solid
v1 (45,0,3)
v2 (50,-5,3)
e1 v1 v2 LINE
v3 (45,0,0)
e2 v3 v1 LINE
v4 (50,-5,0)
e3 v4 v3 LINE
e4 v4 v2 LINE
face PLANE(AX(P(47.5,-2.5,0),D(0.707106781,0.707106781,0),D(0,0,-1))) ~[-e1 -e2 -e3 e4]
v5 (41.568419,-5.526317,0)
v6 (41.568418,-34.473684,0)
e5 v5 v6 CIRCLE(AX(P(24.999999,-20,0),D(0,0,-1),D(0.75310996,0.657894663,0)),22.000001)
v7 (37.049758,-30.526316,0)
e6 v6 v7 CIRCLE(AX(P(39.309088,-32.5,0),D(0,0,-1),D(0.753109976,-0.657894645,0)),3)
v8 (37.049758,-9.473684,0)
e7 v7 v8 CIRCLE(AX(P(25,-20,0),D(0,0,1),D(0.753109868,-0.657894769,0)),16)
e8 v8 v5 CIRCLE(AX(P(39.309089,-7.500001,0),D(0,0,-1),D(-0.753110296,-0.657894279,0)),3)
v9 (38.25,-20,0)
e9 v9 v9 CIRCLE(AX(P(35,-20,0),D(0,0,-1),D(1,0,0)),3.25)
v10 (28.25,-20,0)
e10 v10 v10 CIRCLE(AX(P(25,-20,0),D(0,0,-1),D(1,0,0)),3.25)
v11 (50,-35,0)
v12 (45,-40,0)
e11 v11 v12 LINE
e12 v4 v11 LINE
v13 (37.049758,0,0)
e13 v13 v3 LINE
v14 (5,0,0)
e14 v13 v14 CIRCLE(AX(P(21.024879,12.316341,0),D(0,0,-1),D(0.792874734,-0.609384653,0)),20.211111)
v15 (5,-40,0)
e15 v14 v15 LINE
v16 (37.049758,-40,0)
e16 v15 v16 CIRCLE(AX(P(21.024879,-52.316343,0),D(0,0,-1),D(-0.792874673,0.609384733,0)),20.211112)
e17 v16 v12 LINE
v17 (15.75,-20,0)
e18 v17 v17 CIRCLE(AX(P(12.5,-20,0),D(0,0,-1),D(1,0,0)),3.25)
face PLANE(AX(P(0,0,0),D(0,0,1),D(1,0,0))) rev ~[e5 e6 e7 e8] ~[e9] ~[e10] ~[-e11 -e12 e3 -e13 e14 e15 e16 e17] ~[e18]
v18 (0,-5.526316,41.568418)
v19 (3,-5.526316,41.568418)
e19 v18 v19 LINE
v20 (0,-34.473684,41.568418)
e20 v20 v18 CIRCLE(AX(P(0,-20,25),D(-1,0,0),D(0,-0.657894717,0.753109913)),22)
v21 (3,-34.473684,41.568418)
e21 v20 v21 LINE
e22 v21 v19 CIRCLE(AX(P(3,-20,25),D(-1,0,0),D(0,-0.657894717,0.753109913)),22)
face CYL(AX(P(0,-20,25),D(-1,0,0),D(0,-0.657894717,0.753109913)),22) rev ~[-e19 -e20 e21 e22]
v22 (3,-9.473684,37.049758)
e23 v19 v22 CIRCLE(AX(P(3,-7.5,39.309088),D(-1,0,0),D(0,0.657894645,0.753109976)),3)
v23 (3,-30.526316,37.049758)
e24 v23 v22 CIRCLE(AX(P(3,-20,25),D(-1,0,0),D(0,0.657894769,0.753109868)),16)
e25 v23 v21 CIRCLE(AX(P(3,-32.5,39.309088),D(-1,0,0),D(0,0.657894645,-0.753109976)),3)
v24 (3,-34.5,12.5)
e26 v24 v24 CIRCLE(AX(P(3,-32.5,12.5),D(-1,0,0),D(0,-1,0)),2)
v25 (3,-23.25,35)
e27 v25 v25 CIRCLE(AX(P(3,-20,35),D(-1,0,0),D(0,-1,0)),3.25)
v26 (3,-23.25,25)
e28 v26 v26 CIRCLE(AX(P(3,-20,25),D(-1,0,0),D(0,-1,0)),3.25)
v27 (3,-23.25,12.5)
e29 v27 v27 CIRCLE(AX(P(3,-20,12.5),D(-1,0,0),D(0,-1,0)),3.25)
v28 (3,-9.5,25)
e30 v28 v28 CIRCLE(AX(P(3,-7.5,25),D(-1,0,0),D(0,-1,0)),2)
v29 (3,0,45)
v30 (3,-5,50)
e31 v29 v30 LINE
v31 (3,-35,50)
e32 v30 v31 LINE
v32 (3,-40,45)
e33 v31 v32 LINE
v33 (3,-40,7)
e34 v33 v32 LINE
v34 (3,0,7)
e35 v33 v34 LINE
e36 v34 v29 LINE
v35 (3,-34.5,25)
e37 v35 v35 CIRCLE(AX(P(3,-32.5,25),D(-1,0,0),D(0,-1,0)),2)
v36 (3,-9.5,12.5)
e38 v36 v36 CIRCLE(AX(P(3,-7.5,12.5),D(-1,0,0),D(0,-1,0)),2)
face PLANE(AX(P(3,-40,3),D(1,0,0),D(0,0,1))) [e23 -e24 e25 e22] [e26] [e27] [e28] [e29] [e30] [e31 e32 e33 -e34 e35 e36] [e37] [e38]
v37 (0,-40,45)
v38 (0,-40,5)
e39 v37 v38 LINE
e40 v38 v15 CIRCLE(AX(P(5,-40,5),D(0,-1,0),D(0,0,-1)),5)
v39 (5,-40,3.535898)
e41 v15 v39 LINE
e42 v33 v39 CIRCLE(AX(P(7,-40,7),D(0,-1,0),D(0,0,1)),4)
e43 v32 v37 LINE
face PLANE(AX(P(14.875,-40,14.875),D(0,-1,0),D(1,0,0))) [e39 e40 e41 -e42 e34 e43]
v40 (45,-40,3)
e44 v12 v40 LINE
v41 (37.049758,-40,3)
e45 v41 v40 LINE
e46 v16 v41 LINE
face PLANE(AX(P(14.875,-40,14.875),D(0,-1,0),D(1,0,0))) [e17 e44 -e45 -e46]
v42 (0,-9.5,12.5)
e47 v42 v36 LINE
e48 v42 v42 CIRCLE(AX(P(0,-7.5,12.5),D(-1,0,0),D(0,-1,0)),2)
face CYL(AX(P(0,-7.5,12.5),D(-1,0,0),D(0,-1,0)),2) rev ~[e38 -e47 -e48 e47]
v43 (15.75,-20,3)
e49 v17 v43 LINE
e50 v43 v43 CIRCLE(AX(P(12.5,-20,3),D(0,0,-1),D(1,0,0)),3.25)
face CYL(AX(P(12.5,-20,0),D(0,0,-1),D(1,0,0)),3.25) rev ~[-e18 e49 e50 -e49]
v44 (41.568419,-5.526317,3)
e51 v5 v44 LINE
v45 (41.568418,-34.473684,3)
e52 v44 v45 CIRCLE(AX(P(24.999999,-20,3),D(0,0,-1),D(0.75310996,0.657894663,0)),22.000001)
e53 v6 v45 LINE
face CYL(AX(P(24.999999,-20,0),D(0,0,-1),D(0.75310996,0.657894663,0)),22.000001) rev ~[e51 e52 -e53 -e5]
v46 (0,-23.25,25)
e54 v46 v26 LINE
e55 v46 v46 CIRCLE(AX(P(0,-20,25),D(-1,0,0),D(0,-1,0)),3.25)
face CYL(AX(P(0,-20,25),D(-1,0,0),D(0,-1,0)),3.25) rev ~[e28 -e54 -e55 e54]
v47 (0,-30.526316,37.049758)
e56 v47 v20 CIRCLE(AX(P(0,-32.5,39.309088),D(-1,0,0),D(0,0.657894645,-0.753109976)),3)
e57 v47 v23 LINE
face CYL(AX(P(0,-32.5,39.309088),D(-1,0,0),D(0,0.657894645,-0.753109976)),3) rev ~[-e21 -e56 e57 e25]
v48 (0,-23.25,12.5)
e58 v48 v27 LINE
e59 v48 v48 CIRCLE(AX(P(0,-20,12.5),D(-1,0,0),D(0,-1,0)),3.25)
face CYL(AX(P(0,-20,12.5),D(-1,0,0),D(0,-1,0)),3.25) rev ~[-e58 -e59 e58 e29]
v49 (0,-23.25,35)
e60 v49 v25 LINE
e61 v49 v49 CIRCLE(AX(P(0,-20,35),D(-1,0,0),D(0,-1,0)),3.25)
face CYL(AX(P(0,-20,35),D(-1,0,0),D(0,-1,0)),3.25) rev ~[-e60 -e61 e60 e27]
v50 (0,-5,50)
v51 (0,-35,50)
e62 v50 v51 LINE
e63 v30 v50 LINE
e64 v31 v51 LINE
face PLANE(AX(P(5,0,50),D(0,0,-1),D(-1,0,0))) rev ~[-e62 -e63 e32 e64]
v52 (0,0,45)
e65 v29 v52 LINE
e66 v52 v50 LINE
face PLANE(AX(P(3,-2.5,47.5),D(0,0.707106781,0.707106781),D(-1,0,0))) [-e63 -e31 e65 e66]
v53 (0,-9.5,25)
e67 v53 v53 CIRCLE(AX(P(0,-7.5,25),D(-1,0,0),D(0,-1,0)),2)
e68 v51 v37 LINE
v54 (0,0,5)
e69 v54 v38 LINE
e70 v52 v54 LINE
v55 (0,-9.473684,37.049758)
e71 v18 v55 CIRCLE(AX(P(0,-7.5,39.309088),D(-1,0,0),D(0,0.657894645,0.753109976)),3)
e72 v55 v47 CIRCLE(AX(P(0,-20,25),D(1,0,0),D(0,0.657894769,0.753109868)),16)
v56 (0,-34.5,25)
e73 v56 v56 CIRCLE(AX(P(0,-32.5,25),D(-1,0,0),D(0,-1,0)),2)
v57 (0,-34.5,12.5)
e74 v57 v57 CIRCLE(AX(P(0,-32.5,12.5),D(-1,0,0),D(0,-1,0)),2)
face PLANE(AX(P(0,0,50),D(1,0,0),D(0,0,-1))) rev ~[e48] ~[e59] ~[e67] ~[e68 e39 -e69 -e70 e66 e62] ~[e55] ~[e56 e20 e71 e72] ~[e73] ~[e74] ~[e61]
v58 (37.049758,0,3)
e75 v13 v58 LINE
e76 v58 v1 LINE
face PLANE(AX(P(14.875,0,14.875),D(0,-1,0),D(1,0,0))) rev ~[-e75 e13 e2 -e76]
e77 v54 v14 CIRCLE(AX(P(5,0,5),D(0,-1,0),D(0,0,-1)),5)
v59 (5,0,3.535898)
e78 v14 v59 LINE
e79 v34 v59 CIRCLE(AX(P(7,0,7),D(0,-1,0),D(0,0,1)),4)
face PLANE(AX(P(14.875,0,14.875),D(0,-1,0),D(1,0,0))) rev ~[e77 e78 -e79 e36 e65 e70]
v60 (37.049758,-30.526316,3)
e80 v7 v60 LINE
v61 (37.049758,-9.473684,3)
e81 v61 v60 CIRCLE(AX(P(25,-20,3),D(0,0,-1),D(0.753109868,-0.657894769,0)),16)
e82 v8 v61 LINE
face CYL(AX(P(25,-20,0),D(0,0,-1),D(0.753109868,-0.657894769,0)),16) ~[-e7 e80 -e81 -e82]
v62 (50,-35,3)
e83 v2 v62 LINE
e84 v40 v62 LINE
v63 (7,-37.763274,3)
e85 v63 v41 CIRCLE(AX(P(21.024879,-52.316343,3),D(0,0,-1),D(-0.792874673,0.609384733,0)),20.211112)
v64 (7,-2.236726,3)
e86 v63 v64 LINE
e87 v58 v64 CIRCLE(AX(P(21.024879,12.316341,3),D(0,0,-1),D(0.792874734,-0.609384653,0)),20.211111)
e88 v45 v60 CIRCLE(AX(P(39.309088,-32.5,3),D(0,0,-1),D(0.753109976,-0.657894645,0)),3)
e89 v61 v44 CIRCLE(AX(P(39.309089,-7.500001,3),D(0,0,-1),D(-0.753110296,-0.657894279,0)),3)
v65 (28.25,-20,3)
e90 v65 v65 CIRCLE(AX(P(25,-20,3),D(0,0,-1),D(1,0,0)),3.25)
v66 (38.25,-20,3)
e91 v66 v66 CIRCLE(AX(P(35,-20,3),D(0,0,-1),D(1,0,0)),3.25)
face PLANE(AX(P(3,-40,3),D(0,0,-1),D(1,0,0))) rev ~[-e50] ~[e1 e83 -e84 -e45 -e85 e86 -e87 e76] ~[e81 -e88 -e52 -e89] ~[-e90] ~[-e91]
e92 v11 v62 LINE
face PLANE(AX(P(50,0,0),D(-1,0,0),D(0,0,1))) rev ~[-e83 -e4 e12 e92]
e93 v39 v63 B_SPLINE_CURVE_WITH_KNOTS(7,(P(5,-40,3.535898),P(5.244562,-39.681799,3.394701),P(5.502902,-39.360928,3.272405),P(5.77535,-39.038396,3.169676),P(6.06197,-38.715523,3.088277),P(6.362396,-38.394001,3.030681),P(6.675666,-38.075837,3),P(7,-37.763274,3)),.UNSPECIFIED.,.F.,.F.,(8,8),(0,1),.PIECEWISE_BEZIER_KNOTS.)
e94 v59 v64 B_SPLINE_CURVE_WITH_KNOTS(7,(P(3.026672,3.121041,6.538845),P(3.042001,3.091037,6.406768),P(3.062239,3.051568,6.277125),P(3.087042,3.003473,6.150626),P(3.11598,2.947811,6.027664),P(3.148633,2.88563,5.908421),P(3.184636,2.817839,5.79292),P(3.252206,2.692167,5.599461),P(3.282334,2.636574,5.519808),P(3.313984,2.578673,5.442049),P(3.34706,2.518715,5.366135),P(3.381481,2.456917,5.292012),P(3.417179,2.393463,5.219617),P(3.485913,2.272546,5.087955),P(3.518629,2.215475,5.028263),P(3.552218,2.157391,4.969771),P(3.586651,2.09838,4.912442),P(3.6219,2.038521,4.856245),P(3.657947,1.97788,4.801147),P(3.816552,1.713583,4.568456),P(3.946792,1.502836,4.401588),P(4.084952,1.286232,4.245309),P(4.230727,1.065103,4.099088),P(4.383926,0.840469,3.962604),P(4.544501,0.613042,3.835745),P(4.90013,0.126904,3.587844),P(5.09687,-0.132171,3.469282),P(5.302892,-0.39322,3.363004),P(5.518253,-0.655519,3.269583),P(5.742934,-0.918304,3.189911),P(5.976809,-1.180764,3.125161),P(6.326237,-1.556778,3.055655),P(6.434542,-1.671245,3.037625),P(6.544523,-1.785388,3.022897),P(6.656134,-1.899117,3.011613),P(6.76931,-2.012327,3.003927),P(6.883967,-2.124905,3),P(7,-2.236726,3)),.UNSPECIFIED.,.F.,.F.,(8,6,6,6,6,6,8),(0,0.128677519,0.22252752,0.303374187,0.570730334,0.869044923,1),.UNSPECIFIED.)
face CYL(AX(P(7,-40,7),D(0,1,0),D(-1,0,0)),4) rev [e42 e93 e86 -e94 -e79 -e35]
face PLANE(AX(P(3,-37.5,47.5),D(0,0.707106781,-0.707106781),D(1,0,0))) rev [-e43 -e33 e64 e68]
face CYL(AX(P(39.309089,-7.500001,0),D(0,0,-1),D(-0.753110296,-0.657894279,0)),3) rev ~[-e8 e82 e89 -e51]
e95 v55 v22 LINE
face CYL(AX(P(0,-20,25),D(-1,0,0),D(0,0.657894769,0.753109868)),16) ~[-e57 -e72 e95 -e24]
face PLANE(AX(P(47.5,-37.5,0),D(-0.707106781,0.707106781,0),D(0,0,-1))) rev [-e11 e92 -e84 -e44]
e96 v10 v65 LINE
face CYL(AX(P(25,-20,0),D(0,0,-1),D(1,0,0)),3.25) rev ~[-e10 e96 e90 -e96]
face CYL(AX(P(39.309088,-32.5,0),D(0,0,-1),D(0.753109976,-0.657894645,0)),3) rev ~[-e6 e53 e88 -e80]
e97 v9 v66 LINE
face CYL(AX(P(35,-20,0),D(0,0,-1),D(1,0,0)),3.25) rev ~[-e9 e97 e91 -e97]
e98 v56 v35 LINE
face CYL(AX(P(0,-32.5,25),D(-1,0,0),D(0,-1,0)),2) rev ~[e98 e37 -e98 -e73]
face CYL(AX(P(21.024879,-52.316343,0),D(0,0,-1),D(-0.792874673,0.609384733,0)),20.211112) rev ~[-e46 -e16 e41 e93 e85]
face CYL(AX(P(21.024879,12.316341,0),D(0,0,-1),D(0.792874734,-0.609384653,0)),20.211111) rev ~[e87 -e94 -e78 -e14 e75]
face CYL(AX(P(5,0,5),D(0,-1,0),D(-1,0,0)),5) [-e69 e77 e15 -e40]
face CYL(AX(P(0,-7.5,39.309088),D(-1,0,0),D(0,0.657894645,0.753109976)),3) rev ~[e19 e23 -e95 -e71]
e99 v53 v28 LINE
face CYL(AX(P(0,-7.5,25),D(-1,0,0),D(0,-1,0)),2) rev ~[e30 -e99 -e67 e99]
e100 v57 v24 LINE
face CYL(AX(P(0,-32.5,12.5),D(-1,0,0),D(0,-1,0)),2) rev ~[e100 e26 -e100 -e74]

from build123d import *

# Parameters (mm, degrees)
F1_DEPTH  = 40
F2_R      = 3.25
F3_DEPTH  = 25
F4_R      = 3.25
F4_R_2    = 2
F5_DEPTH  = 25
F6_SIZE   = 5
F7_SIZE   = 5
F8_DEPTH  = 25
F9_W      = 50.789644
F9_H      = 57.590966
F10_DEPTH = 51.1
F11_SIZE  = 5
F12_SIZE  = 5
F13_R     = 4
F14_R     = 5


with BuildPart() as f1:
    # F0 (on Front) → F1 (new body)
    with BuildSketch(Plane.XZ):
        Polygon((0, 50), (0, 0), (50, 0), (50, 5), (5, 5), (5, 50), align=None)
    extrude(amount=F1_DEPTH)

    # F2 (on face) → F3 (cut)
    with BuildSketch(Plane(origin=(0, 0, 0), x_dir=(1, 0, 0), z_dir=(0, 0, -1))):
        with Locations((25, 20)):
            Circle(F2_R)
        with BuildLine():
            ThreePointArc((37.049758, 30.526316), (41, 20), (37.049758, 9.473684))
            ThreePointArc((37.049758, 9.473684), (37.335405, 5.240671), (41.568419, 5.526317))
            ThreePointArc((41.568419, 5.526317), (47, 20.000001), (41.568418, 34.473684))
            ThreePointArc((41.568418, 34.473684), (37.335404, 34.75933), (37.049758, 30.526316))
        make_face()
        with Locations((12.5, 20)):
            Circle(F2_R)
        with Locations((35, 20)):
            Circle(F2_R)
        with BuildLine():
            Line((26.554622, -9.521332), (37.049758, 0))
            ThreePointArc((37.049758, 0), (21.024879, 7.89477), (5, 0))
            Line((5, 0), (26.554622, -9.521332))
        make_face()
        with BuildLine():
            Line((21.024879, 52.316344), (5, 40))
            ThreePointArc((5, 40), (21.024879, 32.105231), (37.049758, 40))
            Line((37.049758, 40), (21.024879, 52.316344))
        make_face()
    extrude(amount=-F3_DEPTH, mode=Mode.SUBTRACT)

    # F4 (on face) → F5 (cut)
    with BuildSketch(Plane(origin=(0, 0, 0), x_dir=(0, -1, 0), z_dir=(-1, 0, 0))):
        with Locations((20, 12.5)):
            Circle(F4_R)
        with Locations((20, 25)):
            Circle(F4_R)
        with Locations((20, 35)):
            Circle(F4_R)
        with BuildLine():
            ThreePointArc((9.473684, 37.049758), (20, 41), (30.526316, 37.049758))
            ThreePointArc((30.526316, 37.049758), (34.75933, 37.335404), (34.473684, 41.568418))
            ThreePointArc((34.473684, 41.568418), (20, 47), (5.526316, 41.568418))
            ThreePointArc((5.526316, 41.568418), (5.24067, 37.335404), (9.473684, 37.049758))
        make_face()
        with Locations((32.5, 12.5)):
            Circle(F4_R_2)
        with Locations((32.5, 25)):
            Circle(F4_R_2)
        with Locations((7.5, 25)):
            Circle(F4_R_2)
        with Locations((7.5, 12.5)):
            Circle(F4_R_2)
    extrude(amount=-F5_DEPTH, mode=Mode.SUBTRACT)

    # F6
    f6_edges = [f1.edges().sort_by_distance(p)[0] for p in [
        (50, -40, 2.5),
    ]]
    chamfer(f6_edges, length=F6_SIZE)

    # F7
    f7_edges = [f1.edges().sort_by_distance(p)[0] for p in [
        (50, 0, 2.5),
    ]]
    chamfer(f7_edges, length=F7_SIZE)

    # F2 (on face) → F8 (cut)
    with BuildSketch(Plane(origin=(0, 0, 0), x_dir=(1, 0, 0), z_dir=(0, 0, -1))):
        with Locations((25, 20)):
            Circle(F2_R)
        with BuildLine():
            ThreePointArc((37.049758, 30.526316), (41, 20), (37.049758, 9.473684))
            ThreePointArc((37.049758, 9.473684), (37.335405, 5.240671), (41.568419, 5.526317))
            ThreePointArc((41.568419, 5.526317), (47, 20.000001), (41.568418, 34.473684))
            ThreePointArc((41.568418, 34.473684), (37.335404, 34.75933), (37.049758, 30.526316))
        make_face()
        with Locations((12.5, 20)):
            Circle(F2_R)
        with Locations((35, 20)):
            Circle(F2_R)
        with BuildLine():
            Line((26.554622, -9.521332), (37.049758, 0))
            ThreePointArc((37.049758, 0), (21.024879, 7.89477), (5, 0))
            Line((5, 0), (26.554622, -9.521332))
        make_face()
        with BuildLine():
            Line((21.024879, 52.316344), (5, 40))
            ThreePointArc((5, 40), (21.024879, 32.105231), (37.049758, 40))
            Line((37.049758, 40), (21.024879, 52.316344))
        make_face()
    extrude(amount=F8_DEPTH, mode=Mode.SUBTRACT)

    # F9 (on face) → F10 (cut)
    with BuildSketch(Plane.XZ.offset(40)):
        with Locations((28.394822, 31.795483)):
            Rectangle(F9_W, F9_H)
    extrude(amount=-F10_DEPTH, mode=Mode.SUBTRACT)

    # F11
    f11_edges = [f1.edges().sort_by_distance(p)[0] for p in [
        (1.5, 0, 50),
    ]]
    chamfer(f11_edges, length=F11_SIZE)

    # F12
    f12_edges = [f1.edges().sort_by_distance(p)[0] for p in [
        (1.5, -40, 50),
    ]]
    chamfer(f12_edges, length=F12_SIZE)

    # F13
    f13_edges = [f1.edges().sort_by_distance(p)[0] for p in [
        (3, -20, 3),
    ]]
    fillet(f13_edges, radius=F13_R)

    # F14
    f14_edges = [f1.edges().sort_by_distance(p)[0] for p in [
        (0, -20, 0),
    ]]
    fillet(f14_edges, radius=F14_R)


solid = f1.part
